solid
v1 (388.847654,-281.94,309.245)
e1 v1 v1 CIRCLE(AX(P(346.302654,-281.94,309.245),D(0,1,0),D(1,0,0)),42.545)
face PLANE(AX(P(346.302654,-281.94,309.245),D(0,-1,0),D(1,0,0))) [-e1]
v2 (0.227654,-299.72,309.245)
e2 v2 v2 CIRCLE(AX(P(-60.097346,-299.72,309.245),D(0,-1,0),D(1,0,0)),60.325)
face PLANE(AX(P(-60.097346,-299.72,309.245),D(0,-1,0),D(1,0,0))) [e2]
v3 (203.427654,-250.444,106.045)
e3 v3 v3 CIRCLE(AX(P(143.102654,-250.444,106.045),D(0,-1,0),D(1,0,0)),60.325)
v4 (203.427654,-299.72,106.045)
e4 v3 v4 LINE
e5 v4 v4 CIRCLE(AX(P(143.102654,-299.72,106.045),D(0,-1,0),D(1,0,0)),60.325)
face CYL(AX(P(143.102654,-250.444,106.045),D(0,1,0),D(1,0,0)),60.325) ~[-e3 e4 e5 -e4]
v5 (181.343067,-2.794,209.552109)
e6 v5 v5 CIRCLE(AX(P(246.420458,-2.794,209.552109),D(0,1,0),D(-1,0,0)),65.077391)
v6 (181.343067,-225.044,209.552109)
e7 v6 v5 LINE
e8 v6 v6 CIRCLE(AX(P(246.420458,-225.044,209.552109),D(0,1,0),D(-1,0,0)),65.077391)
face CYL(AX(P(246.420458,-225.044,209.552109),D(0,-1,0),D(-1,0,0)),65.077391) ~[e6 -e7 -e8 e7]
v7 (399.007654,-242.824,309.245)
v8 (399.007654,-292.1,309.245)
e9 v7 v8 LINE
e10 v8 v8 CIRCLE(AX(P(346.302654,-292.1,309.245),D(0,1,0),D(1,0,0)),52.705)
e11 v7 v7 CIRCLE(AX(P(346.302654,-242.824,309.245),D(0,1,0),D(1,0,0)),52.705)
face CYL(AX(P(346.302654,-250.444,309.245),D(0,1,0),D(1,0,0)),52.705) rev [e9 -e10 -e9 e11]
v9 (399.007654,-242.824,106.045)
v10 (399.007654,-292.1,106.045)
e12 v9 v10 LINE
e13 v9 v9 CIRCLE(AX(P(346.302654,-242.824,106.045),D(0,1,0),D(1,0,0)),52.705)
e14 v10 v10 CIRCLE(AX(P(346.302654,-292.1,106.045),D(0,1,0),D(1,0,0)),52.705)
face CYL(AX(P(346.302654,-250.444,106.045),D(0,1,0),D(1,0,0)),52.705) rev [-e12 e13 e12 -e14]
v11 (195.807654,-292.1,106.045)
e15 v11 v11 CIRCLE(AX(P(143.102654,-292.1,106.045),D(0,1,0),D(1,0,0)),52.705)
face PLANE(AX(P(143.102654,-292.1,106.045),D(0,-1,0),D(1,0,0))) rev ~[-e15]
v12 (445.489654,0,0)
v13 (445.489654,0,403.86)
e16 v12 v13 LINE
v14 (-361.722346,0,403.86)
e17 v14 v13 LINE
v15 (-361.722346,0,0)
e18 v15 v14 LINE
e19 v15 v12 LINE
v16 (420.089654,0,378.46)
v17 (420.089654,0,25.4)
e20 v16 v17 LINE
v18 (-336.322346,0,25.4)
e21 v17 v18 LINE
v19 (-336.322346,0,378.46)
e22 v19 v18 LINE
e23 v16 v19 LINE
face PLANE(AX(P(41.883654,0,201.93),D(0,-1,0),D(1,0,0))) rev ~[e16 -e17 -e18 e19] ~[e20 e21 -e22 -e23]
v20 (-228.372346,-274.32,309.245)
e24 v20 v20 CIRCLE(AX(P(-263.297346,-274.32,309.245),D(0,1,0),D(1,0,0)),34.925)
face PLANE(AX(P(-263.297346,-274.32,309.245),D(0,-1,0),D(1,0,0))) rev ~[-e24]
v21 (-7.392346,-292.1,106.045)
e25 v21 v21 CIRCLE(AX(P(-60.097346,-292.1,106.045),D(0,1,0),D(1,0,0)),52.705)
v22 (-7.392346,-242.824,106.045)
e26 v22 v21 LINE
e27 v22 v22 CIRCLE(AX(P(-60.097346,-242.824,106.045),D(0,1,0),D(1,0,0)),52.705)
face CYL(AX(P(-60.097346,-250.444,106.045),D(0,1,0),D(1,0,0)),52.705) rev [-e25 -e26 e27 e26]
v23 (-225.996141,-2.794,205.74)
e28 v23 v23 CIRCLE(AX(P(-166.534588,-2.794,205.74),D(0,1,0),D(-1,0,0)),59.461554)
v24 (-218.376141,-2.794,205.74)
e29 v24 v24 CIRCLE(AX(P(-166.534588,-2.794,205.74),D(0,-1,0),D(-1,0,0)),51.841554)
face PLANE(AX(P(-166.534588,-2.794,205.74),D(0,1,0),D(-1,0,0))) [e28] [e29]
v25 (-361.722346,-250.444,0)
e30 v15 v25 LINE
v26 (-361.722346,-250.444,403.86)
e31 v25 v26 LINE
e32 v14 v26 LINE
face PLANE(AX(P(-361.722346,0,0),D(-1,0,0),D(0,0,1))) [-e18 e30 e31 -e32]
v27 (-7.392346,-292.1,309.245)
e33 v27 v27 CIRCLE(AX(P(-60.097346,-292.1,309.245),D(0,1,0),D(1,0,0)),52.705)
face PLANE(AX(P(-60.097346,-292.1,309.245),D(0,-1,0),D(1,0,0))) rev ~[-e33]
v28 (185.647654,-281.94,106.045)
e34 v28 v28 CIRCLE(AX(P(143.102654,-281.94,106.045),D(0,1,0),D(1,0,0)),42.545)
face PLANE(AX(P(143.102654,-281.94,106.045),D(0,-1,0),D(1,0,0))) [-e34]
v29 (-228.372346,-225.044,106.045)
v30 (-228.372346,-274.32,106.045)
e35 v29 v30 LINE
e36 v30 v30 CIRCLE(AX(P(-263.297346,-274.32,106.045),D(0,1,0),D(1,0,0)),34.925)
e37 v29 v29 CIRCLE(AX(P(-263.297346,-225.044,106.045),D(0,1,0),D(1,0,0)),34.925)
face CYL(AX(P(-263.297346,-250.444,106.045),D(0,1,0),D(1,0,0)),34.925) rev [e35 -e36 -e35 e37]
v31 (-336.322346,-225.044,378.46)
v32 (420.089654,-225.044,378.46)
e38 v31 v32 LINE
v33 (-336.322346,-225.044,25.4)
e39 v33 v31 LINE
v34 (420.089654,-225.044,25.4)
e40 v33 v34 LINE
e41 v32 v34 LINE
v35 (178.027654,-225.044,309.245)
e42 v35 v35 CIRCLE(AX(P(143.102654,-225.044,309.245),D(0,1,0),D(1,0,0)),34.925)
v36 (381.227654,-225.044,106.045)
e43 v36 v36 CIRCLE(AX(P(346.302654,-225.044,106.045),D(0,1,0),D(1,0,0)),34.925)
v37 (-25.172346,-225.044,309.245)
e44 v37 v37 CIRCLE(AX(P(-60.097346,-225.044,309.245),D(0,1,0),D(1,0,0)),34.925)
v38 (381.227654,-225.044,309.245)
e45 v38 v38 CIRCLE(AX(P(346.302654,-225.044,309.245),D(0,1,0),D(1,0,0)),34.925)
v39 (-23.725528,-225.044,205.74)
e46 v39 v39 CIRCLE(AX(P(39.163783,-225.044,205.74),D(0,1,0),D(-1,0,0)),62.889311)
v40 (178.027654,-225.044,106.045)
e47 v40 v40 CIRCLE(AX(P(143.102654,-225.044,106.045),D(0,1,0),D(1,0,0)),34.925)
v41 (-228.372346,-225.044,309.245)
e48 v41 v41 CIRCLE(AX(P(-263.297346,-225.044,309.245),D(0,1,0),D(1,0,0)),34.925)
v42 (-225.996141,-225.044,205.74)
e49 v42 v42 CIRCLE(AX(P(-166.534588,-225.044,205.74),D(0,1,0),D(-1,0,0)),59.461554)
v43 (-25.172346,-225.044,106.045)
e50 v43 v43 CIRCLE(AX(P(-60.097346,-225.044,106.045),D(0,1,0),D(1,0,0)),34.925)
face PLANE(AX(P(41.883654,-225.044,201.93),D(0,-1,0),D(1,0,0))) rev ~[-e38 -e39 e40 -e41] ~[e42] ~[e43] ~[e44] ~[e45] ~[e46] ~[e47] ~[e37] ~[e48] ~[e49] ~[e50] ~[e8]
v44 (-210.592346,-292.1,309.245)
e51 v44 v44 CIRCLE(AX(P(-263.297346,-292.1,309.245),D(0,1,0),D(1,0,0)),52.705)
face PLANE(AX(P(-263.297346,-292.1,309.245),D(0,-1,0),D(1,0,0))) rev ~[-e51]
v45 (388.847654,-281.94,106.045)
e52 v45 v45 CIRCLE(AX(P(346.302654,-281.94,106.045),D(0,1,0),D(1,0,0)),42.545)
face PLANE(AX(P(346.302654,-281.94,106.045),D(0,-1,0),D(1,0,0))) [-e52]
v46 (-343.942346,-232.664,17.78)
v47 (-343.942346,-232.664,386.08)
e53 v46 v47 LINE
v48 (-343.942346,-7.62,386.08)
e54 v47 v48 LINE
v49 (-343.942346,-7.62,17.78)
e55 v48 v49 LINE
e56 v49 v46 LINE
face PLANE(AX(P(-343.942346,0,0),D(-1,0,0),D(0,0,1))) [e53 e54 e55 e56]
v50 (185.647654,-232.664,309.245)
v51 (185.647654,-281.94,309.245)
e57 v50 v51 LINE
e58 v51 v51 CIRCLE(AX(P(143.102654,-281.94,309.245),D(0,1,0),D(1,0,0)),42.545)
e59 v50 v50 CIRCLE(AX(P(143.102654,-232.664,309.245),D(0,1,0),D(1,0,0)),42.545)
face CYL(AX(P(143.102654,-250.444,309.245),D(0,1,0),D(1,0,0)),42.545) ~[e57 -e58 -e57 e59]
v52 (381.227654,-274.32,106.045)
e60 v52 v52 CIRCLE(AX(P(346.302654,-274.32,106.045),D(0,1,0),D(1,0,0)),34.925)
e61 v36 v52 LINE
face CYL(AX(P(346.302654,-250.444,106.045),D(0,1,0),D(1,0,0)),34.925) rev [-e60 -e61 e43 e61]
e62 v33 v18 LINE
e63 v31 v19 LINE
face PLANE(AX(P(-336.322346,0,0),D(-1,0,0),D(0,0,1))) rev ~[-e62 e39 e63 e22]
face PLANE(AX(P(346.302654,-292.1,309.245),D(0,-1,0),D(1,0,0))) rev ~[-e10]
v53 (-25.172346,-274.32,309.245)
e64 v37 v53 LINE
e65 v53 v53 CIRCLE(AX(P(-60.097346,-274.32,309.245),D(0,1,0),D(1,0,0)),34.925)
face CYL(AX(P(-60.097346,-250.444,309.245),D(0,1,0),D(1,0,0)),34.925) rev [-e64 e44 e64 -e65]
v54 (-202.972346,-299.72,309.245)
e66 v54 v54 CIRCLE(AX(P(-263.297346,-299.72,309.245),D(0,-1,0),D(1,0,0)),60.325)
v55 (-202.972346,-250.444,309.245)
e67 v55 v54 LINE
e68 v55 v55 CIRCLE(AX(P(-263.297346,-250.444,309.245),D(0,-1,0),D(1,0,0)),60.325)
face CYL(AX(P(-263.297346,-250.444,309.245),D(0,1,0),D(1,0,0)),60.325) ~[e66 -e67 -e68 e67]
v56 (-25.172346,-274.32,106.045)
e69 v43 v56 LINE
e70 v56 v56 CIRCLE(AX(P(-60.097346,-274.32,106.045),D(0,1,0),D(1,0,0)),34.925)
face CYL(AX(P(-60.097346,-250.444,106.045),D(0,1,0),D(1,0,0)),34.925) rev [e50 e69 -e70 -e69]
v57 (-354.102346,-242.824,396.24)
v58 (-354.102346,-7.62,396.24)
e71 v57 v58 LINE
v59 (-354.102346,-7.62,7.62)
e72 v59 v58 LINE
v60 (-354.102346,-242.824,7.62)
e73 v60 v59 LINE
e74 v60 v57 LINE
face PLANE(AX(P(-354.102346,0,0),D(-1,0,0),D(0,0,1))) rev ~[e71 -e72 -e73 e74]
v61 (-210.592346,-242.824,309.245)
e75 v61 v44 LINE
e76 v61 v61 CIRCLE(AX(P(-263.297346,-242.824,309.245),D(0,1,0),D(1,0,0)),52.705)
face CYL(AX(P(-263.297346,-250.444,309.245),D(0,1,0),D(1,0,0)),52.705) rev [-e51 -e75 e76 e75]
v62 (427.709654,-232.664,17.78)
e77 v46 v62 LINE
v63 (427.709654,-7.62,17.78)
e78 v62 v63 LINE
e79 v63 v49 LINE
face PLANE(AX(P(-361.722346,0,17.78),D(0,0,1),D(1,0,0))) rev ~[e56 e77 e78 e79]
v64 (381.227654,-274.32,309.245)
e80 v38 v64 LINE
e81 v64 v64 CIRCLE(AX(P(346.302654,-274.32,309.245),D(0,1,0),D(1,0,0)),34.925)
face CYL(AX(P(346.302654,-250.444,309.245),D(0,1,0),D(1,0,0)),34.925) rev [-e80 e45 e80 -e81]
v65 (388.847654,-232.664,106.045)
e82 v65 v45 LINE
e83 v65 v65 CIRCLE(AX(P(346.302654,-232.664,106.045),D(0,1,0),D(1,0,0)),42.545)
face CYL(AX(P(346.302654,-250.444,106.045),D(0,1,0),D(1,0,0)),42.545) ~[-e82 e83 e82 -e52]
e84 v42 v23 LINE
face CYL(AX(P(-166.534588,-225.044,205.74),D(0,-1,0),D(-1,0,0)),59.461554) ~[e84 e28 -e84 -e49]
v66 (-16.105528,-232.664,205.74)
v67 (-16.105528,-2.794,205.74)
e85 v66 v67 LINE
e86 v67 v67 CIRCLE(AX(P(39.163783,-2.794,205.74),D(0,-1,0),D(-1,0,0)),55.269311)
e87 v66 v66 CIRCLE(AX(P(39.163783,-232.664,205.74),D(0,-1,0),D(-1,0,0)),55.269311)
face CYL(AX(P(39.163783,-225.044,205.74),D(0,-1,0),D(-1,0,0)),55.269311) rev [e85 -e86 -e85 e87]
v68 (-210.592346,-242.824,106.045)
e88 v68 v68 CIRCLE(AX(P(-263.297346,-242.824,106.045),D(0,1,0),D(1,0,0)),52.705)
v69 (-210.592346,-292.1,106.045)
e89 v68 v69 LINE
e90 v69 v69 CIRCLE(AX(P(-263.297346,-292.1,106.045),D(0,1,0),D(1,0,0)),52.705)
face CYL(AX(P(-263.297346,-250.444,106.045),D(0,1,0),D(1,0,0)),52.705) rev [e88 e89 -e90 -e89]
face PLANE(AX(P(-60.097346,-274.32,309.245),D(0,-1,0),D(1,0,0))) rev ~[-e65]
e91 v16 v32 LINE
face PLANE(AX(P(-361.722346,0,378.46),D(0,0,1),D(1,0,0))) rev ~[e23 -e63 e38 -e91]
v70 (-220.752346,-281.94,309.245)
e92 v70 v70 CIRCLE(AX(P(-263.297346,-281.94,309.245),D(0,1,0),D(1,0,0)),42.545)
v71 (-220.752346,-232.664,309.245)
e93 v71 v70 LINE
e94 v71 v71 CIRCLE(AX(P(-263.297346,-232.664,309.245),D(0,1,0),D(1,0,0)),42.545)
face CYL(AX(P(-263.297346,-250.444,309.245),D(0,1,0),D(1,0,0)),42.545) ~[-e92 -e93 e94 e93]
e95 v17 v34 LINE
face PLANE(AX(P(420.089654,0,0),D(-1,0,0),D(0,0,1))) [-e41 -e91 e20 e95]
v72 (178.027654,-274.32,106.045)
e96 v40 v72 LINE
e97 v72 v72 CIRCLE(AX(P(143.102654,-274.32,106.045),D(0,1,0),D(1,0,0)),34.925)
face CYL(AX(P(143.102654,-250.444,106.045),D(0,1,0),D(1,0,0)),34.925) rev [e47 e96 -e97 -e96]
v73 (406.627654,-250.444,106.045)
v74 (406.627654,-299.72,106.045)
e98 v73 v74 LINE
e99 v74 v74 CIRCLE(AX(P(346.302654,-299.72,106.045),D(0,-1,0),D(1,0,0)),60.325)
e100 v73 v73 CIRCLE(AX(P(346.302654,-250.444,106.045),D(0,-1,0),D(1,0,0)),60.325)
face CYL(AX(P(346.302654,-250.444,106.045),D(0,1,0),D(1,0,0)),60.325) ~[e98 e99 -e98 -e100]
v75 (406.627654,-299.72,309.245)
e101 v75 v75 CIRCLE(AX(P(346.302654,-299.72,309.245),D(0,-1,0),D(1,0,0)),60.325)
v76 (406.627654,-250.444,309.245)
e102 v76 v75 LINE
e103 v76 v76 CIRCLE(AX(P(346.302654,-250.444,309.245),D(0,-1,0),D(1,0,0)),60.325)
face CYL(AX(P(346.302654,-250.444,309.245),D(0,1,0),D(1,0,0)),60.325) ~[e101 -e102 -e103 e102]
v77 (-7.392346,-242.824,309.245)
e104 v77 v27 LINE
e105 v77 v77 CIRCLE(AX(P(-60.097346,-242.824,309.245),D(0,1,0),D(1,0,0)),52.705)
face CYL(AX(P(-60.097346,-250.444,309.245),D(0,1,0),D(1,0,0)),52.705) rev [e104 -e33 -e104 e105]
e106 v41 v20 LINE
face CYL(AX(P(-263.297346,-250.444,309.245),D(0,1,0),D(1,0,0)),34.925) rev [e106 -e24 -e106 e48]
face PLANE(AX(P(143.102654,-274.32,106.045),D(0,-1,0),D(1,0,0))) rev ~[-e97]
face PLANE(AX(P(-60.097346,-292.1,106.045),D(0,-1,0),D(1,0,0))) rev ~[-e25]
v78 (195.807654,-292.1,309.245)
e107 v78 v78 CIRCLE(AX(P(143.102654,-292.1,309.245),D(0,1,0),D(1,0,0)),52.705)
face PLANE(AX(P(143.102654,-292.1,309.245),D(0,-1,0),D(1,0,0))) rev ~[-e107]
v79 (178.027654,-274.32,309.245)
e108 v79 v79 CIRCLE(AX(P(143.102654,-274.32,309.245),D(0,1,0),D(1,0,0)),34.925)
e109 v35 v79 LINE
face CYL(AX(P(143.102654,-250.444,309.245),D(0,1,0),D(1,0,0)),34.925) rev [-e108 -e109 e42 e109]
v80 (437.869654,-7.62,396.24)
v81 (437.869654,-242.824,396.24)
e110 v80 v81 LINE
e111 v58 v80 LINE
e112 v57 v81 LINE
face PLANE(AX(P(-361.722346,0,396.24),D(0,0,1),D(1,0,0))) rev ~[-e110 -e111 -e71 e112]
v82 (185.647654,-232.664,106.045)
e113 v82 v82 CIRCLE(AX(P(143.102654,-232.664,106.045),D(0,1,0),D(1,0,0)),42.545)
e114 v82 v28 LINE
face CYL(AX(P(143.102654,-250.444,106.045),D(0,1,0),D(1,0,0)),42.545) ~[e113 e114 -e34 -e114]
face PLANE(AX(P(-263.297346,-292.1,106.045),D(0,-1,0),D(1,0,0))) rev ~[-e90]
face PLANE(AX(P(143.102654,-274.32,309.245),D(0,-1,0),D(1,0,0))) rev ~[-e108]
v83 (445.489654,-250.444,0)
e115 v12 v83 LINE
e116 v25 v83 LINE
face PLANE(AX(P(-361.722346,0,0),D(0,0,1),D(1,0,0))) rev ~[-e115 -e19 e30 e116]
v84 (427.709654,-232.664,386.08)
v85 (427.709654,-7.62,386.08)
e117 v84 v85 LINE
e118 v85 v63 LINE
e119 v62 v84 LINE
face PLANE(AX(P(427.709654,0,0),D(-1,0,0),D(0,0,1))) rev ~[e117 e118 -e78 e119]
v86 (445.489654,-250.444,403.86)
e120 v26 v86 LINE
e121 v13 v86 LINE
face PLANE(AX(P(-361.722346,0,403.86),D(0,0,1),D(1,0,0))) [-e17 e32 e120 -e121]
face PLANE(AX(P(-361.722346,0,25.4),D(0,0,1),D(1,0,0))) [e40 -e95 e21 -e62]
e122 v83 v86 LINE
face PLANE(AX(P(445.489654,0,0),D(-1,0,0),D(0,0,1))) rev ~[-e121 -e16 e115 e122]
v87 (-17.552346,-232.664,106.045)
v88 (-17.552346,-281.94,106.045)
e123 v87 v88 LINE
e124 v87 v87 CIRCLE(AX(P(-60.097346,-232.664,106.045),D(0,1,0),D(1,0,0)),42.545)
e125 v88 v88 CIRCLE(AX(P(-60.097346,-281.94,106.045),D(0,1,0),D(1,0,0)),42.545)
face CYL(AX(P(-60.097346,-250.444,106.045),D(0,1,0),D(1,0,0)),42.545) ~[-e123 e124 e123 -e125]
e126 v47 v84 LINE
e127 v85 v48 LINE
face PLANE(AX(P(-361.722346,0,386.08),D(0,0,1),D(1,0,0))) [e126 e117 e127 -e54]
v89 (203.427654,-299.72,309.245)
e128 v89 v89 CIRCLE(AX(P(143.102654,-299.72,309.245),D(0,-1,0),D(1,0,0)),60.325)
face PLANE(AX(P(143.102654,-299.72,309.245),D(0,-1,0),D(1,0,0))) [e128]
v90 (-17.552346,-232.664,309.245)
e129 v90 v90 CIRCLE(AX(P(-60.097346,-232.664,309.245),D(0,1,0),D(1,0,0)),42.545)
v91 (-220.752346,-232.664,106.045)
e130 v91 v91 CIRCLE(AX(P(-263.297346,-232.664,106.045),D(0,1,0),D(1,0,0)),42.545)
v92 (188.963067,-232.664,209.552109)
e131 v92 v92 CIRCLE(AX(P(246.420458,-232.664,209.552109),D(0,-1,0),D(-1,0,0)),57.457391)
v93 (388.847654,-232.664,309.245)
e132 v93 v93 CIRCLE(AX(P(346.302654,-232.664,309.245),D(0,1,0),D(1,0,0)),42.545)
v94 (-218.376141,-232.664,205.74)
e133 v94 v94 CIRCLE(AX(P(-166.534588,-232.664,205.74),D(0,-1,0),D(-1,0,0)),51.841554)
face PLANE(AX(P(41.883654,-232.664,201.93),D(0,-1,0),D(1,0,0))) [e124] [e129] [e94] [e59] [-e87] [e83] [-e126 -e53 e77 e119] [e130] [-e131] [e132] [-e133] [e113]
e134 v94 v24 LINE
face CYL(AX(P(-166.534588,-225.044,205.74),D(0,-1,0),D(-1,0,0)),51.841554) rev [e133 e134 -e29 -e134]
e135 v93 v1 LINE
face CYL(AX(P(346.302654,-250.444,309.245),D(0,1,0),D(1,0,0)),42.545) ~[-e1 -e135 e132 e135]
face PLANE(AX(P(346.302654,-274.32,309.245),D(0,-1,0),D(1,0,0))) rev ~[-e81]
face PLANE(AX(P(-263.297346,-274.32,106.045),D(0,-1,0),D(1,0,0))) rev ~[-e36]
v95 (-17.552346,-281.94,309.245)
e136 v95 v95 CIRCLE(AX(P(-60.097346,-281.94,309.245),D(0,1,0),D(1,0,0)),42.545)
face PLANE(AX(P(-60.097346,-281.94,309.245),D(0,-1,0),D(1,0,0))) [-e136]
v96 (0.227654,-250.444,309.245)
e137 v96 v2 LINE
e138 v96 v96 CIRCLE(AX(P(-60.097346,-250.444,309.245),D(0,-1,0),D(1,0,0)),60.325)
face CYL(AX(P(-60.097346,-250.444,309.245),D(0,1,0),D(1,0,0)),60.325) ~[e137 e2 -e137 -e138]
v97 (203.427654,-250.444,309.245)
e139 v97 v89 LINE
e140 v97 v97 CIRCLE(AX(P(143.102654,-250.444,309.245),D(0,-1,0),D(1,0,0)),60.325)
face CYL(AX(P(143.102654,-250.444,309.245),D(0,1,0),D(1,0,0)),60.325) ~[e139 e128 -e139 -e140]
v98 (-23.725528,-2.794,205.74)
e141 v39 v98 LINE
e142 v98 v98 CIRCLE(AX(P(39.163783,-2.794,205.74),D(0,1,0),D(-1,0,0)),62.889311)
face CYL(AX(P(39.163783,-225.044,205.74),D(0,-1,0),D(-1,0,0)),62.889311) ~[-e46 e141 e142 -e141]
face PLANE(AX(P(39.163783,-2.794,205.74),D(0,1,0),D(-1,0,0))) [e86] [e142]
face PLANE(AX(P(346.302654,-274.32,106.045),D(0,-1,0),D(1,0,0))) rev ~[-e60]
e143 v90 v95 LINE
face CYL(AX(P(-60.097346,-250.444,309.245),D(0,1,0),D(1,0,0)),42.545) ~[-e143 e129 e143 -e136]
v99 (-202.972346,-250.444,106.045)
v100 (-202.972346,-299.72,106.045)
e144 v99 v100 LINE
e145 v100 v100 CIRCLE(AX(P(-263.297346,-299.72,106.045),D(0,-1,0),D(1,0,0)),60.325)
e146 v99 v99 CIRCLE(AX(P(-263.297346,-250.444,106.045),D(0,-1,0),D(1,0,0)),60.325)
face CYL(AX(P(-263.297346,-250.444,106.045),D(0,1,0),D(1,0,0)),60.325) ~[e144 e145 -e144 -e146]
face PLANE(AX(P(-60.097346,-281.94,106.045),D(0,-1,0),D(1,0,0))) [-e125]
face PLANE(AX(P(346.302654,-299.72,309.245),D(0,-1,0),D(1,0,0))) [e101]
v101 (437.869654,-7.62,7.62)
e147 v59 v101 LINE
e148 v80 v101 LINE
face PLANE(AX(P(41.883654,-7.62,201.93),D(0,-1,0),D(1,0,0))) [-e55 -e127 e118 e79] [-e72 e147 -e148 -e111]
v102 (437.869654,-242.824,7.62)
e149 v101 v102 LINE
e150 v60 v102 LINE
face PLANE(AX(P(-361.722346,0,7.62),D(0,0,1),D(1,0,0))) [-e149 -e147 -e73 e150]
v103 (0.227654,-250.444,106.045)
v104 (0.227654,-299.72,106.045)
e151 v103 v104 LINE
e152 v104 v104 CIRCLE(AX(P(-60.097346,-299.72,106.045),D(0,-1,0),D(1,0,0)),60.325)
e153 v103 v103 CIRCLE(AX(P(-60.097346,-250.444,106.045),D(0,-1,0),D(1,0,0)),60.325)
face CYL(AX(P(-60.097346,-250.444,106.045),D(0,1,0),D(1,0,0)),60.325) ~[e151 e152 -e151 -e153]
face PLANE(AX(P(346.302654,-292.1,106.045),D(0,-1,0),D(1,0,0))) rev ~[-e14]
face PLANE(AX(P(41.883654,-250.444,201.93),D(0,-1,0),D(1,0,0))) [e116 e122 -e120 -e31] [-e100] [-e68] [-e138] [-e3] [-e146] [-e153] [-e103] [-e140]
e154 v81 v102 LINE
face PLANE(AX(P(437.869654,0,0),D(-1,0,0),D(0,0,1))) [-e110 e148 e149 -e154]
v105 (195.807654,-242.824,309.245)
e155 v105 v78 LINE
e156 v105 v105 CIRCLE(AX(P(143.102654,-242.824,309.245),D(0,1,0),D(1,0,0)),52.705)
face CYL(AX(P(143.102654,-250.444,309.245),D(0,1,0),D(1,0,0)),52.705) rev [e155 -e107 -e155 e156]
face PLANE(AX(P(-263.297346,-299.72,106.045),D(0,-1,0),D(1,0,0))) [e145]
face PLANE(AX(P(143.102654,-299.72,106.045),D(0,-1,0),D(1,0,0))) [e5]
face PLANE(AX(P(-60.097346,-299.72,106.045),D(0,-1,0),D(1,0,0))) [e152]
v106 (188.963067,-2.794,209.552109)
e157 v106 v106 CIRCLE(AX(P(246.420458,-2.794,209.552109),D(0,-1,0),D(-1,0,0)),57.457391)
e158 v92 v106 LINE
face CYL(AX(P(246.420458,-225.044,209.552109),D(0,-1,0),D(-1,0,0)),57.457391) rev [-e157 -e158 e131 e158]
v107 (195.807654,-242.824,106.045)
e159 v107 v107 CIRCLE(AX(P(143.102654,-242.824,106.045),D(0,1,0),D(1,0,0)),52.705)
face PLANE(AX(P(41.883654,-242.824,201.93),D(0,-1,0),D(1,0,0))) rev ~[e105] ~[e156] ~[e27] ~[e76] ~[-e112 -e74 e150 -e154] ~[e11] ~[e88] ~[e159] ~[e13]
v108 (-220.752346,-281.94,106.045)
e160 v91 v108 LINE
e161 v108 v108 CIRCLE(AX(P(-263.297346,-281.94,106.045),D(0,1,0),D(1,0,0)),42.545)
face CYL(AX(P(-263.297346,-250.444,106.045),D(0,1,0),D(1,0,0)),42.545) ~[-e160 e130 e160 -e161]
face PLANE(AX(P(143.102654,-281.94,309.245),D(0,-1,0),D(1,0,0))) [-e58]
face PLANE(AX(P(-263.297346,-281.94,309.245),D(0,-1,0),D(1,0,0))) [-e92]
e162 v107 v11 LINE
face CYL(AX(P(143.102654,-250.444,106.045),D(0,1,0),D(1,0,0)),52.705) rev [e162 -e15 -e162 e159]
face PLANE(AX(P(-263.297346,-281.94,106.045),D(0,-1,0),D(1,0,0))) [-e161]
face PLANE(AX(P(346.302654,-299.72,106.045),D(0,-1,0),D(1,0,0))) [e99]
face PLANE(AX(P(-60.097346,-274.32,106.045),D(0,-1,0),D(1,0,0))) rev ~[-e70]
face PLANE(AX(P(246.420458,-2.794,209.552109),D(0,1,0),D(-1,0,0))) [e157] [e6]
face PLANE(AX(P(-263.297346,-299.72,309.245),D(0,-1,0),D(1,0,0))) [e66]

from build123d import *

# Parameters (mm, degrees)
F0_W      = 807.212
F0_H      = 403.86
F1_DEPTH  = 250.444
F2_R      = 60.325
F3_DEPTH  = 49.276
F4_T      = -25.4
F5_R      = 65.0773908114
F6_DEPTH  = 222.25
F7_R      = 62.8893110404
F8_DEPTH  = 222.25
F9_R      = 59.4615536077
F10_DEPTH = 222.25
F11_T     = -7.62


with BuildPart() as f1:
    # F0 (on Front) → F1 (new body)
    with BuildSketch(Plane.XZ):
        with Locations((41.8836543641, 201.93)):
            Rectangle(F0_W, F0_H)
    extrude(amount=F1_DEPTH)

    # F2 (on face) → F3 (join)
    with BuildSketch(Plane.XZ.offset(250.444)):
        with Locations((-263.2973456359, 309.245)):
            Circle(F2_R)
        with Locations((-263.2973456359, 106.045)):
            Circle(F2_R)
        with Locations((-60.0973456359, 309.245)):
            Circle(F2_R)
        with Locations((-60.0973456359, 106.045)):
            Circle(F2_R)
        with Locations((143.1026543641, 309.245)):
            Circle(F2_R)
        with Locations((143.1026543641, 106.045)):
            Circle(F2_R)
        with Locations((346.3026543641, 309.245)):
            Circle(F2_R)
        with Locations((346.3026543641, 106.045)):
            Circle(F2_R)
    extrude(amount=F3_DEPTH)

    # F4
    f4_openings = [f1.faces().sort_by_distance(p)[0] for p in [
        (41.883654, 0, 201.93),
    ]]
    offset(amount=F4_T, openings=f4_openings, kind=Kind.INTERSECTION)

    # F5 (on face) → F6 (join)
    with BuildSketch(Plane(origin=(0, -225.044, 0), x_dir=(-1, 0, 0), z_dir=(0, 1, 0))):
        with Locations((-246.4204579592, 209.5521092415)):
            Circle(F5_R)
    extrude(amount=F6_DEPTH)

    # F7 (on face) → F8 (join)
    with BuildSketch(Plane(origin=(0, -225.044, 0), x_dir=(-1, 0, 0), z_dir=(0, 1, 0))):
        with Locations((-39.1637831926, 205.74)):
            Circle(F7_R)
    extrude(amount=F8_DEPTH)

    # F9 (on face) → F10 (join)
    with BuildSketch(Plane(origin=(0, -225.044, 0), x_dir=(-1, 0, 0), z_dir=(0, 1, 0))):
        with Locations((166.5345877409, 205.74)):
            Circle(F9_R)
    extrude(amount=F10_DEPTH)

    # F11
    f11_openings = [f1.faces().sort_by_distance(p)[0] for p in [
        (246.420458, -2.794, 209.552109),
        (39.163783, -2.794, 205.74),
        (-166.534588, -2.794, 205.74),
    ]]
    offset(amount=F11_T, openings=f11_openings, kind=Kind.INTERSECTION)


solid = f1.part
